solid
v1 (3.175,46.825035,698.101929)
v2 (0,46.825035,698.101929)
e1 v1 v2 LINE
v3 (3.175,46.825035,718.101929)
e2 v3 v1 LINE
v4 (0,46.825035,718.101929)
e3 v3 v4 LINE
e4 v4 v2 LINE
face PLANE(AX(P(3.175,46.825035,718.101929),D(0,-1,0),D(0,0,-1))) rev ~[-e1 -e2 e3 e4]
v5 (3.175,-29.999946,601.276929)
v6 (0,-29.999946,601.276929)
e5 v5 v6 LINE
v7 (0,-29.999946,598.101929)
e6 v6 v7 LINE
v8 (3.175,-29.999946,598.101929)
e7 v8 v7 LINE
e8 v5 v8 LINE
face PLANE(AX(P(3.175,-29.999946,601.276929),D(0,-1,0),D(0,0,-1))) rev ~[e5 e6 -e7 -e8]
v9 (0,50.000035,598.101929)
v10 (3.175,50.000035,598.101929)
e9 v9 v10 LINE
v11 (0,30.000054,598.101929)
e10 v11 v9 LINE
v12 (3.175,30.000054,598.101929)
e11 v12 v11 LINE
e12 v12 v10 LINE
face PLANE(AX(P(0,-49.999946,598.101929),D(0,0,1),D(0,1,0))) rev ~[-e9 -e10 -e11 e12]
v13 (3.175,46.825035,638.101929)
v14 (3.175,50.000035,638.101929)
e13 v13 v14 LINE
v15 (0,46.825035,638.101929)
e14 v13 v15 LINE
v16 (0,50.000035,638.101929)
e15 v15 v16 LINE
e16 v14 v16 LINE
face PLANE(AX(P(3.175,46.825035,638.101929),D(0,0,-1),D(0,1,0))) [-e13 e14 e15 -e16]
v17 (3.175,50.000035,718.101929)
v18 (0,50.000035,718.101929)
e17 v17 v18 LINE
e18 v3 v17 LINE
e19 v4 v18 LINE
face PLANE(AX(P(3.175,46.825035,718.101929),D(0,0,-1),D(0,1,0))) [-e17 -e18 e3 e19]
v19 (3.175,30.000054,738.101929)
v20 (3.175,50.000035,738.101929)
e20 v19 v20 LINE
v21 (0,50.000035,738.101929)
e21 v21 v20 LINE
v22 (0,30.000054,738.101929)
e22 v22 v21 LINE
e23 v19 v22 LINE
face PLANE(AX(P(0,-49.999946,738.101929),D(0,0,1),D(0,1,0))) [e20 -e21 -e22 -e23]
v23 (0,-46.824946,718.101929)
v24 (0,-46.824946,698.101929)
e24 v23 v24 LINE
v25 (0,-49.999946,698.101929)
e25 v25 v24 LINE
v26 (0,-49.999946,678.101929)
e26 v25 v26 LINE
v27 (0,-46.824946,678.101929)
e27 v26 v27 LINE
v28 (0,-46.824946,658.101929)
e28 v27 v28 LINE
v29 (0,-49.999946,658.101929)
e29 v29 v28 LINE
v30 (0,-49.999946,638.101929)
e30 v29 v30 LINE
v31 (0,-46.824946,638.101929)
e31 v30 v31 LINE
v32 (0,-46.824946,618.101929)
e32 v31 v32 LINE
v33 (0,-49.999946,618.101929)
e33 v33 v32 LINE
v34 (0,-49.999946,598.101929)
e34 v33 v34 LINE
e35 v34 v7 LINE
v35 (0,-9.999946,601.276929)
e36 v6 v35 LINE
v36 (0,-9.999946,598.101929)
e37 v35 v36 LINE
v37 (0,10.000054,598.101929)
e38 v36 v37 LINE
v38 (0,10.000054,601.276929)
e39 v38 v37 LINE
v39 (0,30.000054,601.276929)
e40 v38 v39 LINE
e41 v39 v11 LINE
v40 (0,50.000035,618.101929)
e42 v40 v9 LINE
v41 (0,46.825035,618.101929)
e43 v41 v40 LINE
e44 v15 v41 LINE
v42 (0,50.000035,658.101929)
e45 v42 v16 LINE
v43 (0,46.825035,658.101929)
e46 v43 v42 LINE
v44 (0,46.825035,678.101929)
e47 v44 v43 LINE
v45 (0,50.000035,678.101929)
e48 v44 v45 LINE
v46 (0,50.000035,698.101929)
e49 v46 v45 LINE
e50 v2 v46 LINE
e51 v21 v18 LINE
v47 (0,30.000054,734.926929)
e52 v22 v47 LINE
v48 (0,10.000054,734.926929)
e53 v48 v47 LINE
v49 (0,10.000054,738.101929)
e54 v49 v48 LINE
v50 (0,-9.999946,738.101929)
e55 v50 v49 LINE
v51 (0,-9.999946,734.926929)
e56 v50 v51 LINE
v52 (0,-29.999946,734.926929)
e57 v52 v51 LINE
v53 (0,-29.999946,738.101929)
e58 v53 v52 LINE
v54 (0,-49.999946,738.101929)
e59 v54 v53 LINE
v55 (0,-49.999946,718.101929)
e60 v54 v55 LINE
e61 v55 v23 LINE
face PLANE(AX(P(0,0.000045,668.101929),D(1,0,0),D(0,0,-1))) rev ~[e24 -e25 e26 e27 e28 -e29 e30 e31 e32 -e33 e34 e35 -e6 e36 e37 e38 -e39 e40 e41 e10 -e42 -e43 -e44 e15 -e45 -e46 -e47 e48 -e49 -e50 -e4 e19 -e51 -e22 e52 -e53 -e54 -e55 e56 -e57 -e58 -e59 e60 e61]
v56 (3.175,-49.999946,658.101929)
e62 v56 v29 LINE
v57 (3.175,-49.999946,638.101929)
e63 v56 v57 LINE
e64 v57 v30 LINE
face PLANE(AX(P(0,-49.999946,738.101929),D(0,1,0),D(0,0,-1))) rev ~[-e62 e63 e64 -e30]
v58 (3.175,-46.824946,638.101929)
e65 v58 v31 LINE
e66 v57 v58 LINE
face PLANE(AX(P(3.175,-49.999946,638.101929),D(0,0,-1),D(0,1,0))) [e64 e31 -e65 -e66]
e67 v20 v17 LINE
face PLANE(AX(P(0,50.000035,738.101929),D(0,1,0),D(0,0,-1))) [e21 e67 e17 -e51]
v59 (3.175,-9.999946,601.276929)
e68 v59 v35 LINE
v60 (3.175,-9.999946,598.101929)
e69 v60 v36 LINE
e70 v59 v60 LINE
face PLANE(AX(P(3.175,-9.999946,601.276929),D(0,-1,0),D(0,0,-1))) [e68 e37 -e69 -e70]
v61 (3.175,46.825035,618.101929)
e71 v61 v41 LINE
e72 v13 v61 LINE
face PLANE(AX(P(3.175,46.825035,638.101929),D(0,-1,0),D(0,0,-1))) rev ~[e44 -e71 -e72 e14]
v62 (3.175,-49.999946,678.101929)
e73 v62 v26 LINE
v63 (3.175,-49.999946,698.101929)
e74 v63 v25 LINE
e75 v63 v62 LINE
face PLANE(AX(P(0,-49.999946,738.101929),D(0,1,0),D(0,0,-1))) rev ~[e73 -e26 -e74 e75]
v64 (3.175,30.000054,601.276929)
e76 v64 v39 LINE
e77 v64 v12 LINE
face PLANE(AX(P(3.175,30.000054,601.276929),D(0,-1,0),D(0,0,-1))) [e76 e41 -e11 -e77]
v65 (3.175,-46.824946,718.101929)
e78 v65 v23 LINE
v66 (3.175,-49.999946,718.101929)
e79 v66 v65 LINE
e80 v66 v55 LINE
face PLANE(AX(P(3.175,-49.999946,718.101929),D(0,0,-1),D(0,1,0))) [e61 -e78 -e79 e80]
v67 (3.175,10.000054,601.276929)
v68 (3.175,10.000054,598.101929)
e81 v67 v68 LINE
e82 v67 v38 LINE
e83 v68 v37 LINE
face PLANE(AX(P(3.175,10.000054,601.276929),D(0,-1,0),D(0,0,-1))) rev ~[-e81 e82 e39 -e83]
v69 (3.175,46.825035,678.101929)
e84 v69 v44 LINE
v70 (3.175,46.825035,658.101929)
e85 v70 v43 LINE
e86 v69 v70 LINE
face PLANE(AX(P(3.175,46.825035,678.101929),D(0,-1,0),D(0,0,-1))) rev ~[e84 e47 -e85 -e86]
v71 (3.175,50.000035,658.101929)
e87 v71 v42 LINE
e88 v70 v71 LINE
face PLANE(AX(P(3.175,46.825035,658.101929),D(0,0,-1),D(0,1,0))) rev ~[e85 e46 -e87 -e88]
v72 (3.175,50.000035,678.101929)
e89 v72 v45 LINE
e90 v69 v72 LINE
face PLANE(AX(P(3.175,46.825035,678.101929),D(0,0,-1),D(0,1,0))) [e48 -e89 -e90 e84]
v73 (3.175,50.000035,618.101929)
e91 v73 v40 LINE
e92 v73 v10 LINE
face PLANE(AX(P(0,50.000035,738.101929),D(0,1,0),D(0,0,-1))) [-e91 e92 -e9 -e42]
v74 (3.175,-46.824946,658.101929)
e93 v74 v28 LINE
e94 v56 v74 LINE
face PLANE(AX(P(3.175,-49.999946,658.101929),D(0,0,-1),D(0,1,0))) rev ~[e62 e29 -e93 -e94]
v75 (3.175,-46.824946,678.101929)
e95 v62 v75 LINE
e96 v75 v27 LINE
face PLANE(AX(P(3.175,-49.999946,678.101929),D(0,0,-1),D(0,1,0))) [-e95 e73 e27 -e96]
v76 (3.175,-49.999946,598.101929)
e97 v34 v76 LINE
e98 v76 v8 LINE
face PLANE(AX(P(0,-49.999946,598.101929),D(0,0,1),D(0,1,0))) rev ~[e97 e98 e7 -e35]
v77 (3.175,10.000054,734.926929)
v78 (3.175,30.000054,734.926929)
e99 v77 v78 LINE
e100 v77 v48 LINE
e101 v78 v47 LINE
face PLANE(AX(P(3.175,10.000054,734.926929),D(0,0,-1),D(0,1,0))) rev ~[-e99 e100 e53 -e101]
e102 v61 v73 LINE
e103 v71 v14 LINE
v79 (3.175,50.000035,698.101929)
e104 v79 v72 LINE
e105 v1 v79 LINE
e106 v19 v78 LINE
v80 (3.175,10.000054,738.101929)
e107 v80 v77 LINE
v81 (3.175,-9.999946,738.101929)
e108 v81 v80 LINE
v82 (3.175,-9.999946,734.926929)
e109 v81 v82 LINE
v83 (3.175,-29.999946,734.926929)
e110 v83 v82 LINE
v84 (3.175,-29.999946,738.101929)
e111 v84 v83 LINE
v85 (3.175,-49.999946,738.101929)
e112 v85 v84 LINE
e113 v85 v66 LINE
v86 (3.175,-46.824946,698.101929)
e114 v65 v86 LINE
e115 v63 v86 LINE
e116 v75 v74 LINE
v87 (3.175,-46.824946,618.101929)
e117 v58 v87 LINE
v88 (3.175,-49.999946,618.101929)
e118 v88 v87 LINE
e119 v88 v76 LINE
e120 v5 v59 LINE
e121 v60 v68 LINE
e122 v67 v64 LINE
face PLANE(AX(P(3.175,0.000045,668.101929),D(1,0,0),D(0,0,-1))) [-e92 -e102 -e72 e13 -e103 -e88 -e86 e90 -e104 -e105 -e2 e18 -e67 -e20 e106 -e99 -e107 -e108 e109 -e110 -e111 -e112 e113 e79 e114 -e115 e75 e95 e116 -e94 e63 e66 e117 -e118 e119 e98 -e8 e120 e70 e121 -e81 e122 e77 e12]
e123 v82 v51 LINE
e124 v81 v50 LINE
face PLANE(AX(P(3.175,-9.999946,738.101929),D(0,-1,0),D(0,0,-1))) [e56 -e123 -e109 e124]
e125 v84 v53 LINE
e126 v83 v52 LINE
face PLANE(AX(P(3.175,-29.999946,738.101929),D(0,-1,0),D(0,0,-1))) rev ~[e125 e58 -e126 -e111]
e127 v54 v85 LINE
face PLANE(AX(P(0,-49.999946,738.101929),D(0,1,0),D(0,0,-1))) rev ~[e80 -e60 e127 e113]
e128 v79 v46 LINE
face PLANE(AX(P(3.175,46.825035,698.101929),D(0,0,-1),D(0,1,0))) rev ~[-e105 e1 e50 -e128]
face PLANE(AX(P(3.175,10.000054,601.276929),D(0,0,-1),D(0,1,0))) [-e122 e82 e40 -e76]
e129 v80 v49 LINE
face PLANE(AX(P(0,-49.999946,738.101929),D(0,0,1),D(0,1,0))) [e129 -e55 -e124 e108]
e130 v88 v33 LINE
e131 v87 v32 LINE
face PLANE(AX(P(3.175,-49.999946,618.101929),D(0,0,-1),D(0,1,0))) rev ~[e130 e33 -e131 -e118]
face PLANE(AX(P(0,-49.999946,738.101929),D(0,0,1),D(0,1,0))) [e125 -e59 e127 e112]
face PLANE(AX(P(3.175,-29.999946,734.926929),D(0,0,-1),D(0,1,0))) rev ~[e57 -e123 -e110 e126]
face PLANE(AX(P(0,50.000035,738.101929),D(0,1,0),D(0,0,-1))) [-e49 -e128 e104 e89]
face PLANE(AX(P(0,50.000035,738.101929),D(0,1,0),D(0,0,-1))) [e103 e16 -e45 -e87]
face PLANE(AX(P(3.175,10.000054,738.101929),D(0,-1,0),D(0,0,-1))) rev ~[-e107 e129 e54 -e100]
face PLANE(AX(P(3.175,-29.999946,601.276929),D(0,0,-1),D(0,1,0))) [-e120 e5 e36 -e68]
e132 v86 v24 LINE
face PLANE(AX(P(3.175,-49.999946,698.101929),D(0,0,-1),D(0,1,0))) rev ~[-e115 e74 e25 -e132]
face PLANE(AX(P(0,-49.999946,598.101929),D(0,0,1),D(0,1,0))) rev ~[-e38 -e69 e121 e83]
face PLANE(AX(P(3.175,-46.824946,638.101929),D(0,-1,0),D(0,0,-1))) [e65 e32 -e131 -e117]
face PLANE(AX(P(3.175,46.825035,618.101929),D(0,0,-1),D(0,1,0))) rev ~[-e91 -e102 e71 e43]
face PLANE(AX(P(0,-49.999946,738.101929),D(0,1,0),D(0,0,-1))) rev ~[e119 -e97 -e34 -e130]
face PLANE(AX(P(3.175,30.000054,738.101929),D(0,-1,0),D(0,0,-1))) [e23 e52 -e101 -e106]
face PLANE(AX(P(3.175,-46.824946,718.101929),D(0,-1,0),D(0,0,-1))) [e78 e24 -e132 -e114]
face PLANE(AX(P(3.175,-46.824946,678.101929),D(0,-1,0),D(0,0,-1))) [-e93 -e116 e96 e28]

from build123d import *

# Parameters (mm, degrees)
SKETCH43_W           = 140
SKETCH43_H           = 99.999981374
BOSS_EXTRUDE10_DEPTH = 3.175
SKETCH45_W           = 3.175
SKETCH45_H           = 20
SKETCH45_W_2         = 20
SKETCH45_H_2         = 3.175
CUT_EXTRUDE22_DEPTH  = 3.175


with BuildPart() as part:
    # Sketch43 → Boss-Extrude10 (new body)
    with BuildSketch(Plane(origin=(0, 0, 0), x_dir=(0, 0, -1), z_dir=(1, 0, 0))):
        with Locations((-668.101928689, 4.4643e-05)):
            Rectangle(SKETCH43_W, SKETCH43_H)
    extrude(amount=BOSS_EXTRUDE10_DEPTH)

    # Sketch45 → Cut-Extrude22 (cut)
    with BuildSketch(Plane(origin=(3.175, 0, 0), x_dir=(0, 0, -1), z_dir=(1, 0, 0))):
        with Locations((-599.689428689, 20.000053956)):
            Rectangle(SKETCH45_W, SKETCH45_H)
        with Locations((-736.514428689, 20.000053956)):
            Rectangle(SKETCH45_W, SKETCH45_H)
        with Locations((-736.514428689, -19.999946044)):
            Rectangle(SKETCH45_W, SKETCH45_H)
        with Locations((-599.689428689, -19.999946044)):
            Rectangle(SKETCH45_W, SKETCH45_H)
        with Locations((-668.101928689, -48.412446044)):
            Rectangle(SKETCH45_W_2, SKETCH45_H_2)
        with Locations((-708.101928689, -48.412446044)):
            Rectangle(SKETCH45_W_2, SKETCH45_H_2)
        with Locations((-628.101928689, -48.412446044)):
            Rectangle(SKETCH45_W_2, SKETCH45_H_2)
        with Locations((-668.101928689, 48.41253533)):
            Rectangle(SKETCH45_W_2, SKETCH45_H_2)
        with Locations((-708.101928689, 48.41253533)):
            Rectangle(SKETCH45_W_2, SKETCH45_H_2)
        with Locations((-628.101928689, 48.41253533)):
            Rectangle(SKETCH45_W_2, SKETCH45_H_2)
    extrude(amount=-CUT_EXTRUDE22_DEPTH, mode=Mode.SUBTRACT)


solid = part.part
